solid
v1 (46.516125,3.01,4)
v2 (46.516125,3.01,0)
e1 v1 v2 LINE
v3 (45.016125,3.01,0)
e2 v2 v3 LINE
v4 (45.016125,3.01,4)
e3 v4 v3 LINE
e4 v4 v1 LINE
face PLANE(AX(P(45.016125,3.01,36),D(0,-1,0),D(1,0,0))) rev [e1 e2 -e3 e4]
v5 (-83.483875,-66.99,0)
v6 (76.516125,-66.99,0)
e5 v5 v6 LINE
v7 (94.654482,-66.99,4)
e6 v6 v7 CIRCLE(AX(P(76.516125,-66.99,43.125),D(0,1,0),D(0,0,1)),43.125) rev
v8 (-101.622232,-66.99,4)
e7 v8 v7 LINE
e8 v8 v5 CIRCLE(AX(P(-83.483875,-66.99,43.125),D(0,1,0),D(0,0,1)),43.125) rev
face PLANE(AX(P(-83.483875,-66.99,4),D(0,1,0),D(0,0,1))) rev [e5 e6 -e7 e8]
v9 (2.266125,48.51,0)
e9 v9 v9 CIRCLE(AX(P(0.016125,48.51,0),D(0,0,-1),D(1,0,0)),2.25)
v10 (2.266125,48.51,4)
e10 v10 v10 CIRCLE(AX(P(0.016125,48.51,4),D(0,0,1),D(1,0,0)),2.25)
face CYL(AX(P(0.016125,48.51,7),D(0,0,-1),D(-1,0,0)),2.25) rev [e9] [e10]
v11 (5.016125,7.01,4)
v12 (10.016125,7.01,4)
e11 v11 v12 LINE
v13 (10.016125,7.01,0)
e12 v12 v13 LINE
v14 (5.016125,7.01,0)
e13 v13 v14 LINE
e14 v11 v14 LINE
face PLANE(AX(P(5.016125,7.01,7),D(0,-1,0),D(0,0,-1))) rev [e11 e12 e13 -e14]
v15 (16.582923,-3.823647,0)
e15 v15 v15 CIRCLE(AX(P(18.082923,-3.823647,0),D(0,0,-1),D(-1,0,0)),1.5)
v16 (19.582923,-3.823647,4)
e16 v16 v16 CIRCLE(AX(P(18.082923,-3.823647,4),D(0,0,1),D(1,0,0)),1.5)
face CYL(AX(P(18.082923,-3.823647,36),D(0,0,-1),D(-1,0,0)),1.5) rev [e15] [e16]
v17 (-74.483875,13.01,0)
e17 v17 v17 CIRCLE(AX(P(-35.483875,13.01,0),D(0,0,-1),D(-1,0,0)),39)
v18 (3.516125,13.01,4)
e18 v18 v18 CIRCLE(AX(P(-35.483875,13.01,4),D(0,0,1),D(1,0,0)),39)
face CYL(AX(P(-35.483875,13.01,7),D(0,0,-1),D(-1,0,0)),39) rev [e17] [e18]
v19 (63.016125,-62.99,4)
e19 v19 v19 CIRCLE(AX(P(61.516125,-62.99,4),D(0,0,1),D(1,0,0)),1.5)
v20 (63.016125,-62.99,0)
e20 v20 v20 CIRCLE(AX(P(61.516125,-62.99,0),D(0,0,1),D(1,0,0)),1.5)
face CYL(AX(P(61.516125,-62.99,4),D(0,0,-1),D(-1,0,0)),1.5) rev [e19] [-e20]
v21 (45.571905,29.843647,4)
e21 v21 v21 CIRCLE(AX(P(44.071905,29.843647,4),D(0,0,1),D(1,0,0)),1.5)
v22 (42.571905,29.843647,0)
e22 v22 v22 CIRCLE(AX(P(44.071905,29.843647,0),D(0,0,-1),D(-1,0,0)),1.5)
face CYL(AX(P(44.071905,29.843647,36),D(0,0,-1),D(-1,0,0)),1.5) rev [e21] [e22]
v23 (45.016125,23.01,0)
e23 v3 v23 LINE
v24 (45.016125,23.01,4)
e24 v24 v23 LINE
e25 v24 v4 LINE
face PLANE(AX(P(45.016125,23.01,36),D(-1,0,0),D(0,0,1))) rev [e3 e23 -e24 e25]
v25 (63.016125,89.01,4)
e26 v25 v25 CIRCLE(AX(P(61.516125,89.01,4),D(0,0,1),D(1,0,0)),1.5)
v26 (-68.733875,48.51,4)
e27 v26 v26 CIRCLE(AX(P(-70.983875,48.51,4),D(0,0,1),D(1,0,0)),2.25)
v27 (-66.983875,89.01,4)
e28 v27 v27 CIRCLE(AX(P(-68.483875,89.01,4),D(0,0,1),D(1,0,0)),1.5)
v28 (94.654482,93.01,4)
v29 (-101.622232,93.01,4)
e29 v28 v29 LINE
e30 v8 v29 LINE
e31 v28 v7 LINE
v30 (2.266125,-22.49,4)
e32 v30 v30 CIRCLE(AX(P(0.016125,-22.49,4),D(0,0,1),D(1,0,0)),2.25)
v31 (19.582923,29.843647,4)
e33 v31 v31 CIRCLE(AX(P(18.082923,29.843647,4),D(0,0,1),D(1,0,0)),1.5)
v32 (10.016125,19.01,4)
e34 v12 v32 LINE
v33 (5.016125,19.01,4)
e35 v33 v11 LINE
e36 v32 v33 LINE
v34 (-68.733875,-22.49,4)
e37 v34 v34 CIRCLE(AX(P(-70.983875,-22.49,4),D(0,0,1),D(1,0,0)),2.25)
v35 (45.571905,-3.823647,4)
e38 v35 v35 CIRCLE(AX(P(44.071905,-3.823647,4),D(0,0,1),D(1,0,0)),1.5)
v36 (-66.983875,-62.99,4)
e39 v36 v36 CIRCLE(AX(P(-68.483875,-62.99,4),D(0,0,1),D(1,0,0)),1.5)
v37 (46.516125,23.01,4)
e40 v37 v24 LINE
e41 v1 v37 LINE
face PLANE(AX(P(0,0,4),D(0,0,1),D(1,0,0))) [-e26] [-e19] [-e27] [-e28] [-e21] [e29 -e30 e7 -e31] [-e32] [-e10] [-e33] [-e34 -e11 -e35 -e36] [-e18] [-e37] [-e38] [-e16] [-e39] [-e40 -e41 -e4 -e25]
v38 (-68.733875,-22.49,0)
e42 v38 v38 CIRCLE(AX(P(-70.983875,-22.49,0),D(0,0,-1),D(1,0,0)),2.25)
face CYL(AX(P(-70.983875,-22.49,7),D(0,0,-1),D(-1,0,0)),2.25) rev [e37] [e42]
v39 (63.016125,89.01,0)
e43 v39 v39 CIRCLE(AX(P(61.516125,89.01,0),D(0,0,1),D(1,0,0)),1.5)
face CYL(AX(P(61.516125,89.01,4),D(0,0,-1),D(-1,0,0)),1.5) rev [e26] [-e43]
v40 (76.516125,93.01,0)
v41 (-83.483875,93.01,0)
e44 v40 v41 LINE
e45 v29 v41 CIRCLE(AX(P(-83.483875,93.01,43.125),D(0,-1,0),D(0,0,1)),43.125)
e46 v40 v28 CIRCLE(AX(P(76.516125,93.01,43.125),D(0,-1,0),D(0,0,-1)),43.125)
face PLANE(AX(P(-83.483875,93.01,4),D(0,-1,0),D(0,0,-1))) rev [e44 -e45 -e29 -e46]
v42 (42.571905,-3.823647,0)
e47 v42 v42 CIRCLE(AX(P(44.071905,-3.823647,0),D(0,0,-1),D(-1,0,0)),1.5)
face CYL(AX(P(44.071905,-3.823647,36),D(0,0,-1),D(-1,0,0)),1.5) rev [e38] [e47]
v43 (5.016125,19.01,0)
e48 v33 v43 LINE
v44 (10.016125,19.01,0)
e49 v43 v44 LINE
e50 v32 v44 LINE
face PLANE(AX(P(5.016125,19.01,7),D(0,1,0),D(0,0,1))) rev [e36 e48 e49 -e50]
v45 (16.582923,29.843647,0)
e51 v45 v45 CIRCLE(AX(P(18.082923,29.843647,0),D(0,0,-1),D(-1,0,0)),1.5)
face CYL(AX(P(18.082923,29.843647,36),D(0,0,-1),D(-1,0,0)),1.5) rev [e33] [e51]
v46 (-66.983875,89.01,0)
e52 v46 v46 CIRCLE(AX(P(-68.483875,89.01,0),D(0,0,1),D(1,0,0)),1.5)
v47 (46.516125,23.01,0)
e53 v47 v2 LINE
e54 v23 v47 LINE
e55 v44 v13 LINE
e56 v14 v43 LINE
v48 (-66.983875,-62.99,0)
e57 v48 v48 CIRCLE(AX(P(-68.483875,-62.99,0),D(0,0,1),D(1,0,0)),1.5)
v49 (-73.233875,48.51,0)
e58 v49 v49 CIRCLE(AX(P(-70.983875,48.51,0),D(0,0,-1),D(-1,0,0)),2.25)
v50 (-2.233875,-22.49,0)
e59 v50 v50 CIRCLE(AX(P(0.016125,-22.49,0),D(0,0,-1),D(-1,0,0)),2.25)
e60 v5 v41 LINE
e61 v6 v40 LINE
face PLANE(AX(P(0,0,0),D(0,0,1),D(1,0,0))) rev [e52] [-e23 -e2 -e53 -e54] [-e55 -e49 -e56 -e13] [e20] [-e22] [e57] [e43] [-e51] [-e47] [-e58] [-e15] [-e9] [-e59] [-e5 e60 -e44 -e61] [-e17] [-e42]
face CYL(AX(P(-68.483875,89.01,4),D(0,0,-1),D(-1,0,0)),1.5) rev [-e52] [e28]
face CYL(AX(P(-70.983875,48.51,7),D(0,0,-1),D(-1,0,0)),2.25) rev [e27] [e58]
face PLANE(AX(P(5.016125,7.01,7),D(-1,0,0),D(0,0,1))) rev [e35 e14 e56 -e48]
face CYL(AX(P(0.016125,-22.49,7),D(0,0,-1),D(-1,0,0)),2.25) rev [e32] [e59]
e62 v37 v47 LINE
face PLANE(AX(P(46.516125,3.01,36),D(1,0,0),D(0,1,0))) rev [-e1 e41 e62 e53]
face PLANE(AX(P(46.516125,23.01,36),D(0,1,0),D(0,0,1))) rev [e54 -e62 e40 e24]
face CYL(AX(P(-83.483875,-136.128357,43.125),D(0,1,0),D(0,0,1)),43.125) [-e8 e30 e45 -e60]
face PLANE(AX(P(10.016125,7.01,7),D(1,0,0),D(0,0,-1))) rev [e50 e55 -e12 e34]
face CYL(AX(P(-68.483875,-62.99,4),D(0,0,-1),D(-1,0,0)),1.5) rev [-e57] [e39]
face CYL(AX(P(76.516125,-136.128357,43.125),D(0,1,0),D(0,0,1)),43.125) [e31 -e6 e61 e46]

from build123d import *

# Parameters (mm, degrees)
SCHIZZO1_W                   = 160
SCHIZZO1_H                   = 160
SCHIZZO1_R                   = 1.5
ESTRUSIONE_ESTRUSIONE1_DEPTH = 4
SCHIZZO2_R                   = 1.5
SCHIZZO2_W                   = 1.5
SCHIZZO2_H                   = 20
TAGLIO_ESTRUSIONE1_DEPTH     = 36
SCHIZZO3_R                   = 39
SCHIZZO3_R_2                 = 2.25
SCHIZZO3_W                   = 5
SCHIZZO3_H                   = 12
TAGLIO_ESTRUSIONE2_DEPTH     = 7
SCHIZZO4_W                   = 4
SCHIZZO4_H                   = 160
ESTRUSIONE_ESTRUSIONE2_DEPTH = 18.13835714
SCHIZZO5_W                   = 4
SCHIZZO5_H                   = 160
ESTRUSIONE_ESTRUSIONE3_DEPTH = 18.13835714
TAGLIO_ESTRUSIONE3_DEPTH     = 229.13835714


with BuildPart() as part:
    # Schizzo1 → Estrusione-Estrusione1 (new body)
    with BuildSketch(Plane.XY):
        with Locations((-3.483874863, 13.01)):
            Rectangle(SCHIZZO1_W, SCHIZZO1_H)
        with Locations((-68.483874863, 89.01)):
            Circle(SCHIZZO1_R, mode=Mode.SUBTRACT)
        with Locations((61.516125137, 89.01)):
            Circle(SCHIZZO1_R, mode=Mode.SUBTRACT)
        with Locations((-68.483874863, -62.99)):
            Circle(SCHIZZO1_R, mode=Mode.SUBTRACT)
        with Locations((61.516125137, -62.99)):
            Circle(SCHIZZO1_R, mode=Mode.SUBTRACT)
    extrude(amount=ESTRUSIONE_ESTRUSIONE1_DEPTH)

    # Schizzo2 → Taglio-Estrusione1 (cut)
    with BuildSketch(Plane(origin=(0, 0, 0), x_dir=(-1, 0, 0), z_dir=(0, 0, -1))):
        with Locations((-44.071905048, 29.8436475)):
            Circle(SCHIZZO2_R)
        with Locations((-44.071905048, -3.8236475)):
            Circle(SCHIZZO2_R)
        with Locations((-18.082922837, -3.8236475)):
            Circle(SCHIZZO2_R)
        with Locations((-18.082922837, 29.8436475)):
            Circle(SCHIZZO2_R)
        with Locations((-45.766125137, 13.01)):
            Rectangle(SCHIZZO2_W, SCHIZZO2_H)
    extrude(amount=-TAGLIO_ESTRUSIONE1_DEPTH, mode=Mode.SUBTRACT)

    # Schizzo3 → Taglio-Estrusione2 (cut)
    with BuildSketch(Plane(origin=(0, 0, 0), x_dir=(-1, 0, 0), z_dir=(0, 0, -1))):
        with Locations((35.483874863, 13.01)):
            Circle(SCHIZZO3_R)
        with Locations((70.98387486, 48.509999997)):
            Circle(SCHIZZO3_R_2)
        with Locations(Location((70.98387486, -22.489999997, 0), (0, 0, 180))):
            Circle(SCHIZZO3_R_2)
        with Locations(Location((-0.016125134, 48.509999997, 0), (0, 0, 180))):
            Circle(SCHIZZO3_R_2)
        with Locations((-0.016125134, -22.489999997)):
            Circle(SCHIZZO3_R_2)
        with Locations((-7.516125137, 13.01)):
            Rectangle(SCHIZZO3_W, SCHIZZO3_H)
    extrude(amount=-TAGLIO_ESTRUSIONE2_DEPTH, mode=Mode.SUBTRACT)

    # Schizzo4 → Estrusione-Estrusione2 (add)
    with BuildSketch(Plane.ZY.offset(83.483874863)):
        with Locations((2, 13.01)):
            Rectangle(SCHIZZO4_W, SCHIZZO4_H)
    extrude(amount=ESTRUSIONE_ESTRUSIONE2_DEPTH)

    # Schizzo5 → Estrusione-Estrusione3 (add)
    with BuildSketch(Plane(origin=(76.516125137, 0, 0), x_dir=(0, 0, -1), z_dir=(1, 0, 0))):
        with Locations((-2, 13.01)):
            Rectangle(SCHIZZO5_W, SCHIZZO5_H)
    extrude(amount=ESTRUSIONE_ESTRUSIONE3_DEPTH)

    # Schizzo6 → Taglio-Estrusione3 (cut)
    with BuildSketch(Plane(origin=(0, 93.01, 0), x_dir=(1, 0, 0), z_dir=(0, 1, 0))):
        with BuildLine():
            Line((-101.622232003, -4), (-101.622232003, 0))
            Line((-101.622232003, 0), (-83.483874863, 0))
            ThreePointArc((-83.483874863, 0), (-92.77096267, -1.011871109), (-101.622232003, -4))
        make_face()
        with BuildLine():
            Line((76.516125137, 0), (94.654482277, 0))
            Line((94.654482277, 0), (94.654482277, -4))
            ThreePointArc((94.654482277, -4), (85.803212944, -1.011871109), (76.516125137, 0))
        make_face()
    extrude(amount=-TAGLIO_ESTRUSIONE3_DEPTH, mode=Mode.SUBTRACT)


solid = part.part
